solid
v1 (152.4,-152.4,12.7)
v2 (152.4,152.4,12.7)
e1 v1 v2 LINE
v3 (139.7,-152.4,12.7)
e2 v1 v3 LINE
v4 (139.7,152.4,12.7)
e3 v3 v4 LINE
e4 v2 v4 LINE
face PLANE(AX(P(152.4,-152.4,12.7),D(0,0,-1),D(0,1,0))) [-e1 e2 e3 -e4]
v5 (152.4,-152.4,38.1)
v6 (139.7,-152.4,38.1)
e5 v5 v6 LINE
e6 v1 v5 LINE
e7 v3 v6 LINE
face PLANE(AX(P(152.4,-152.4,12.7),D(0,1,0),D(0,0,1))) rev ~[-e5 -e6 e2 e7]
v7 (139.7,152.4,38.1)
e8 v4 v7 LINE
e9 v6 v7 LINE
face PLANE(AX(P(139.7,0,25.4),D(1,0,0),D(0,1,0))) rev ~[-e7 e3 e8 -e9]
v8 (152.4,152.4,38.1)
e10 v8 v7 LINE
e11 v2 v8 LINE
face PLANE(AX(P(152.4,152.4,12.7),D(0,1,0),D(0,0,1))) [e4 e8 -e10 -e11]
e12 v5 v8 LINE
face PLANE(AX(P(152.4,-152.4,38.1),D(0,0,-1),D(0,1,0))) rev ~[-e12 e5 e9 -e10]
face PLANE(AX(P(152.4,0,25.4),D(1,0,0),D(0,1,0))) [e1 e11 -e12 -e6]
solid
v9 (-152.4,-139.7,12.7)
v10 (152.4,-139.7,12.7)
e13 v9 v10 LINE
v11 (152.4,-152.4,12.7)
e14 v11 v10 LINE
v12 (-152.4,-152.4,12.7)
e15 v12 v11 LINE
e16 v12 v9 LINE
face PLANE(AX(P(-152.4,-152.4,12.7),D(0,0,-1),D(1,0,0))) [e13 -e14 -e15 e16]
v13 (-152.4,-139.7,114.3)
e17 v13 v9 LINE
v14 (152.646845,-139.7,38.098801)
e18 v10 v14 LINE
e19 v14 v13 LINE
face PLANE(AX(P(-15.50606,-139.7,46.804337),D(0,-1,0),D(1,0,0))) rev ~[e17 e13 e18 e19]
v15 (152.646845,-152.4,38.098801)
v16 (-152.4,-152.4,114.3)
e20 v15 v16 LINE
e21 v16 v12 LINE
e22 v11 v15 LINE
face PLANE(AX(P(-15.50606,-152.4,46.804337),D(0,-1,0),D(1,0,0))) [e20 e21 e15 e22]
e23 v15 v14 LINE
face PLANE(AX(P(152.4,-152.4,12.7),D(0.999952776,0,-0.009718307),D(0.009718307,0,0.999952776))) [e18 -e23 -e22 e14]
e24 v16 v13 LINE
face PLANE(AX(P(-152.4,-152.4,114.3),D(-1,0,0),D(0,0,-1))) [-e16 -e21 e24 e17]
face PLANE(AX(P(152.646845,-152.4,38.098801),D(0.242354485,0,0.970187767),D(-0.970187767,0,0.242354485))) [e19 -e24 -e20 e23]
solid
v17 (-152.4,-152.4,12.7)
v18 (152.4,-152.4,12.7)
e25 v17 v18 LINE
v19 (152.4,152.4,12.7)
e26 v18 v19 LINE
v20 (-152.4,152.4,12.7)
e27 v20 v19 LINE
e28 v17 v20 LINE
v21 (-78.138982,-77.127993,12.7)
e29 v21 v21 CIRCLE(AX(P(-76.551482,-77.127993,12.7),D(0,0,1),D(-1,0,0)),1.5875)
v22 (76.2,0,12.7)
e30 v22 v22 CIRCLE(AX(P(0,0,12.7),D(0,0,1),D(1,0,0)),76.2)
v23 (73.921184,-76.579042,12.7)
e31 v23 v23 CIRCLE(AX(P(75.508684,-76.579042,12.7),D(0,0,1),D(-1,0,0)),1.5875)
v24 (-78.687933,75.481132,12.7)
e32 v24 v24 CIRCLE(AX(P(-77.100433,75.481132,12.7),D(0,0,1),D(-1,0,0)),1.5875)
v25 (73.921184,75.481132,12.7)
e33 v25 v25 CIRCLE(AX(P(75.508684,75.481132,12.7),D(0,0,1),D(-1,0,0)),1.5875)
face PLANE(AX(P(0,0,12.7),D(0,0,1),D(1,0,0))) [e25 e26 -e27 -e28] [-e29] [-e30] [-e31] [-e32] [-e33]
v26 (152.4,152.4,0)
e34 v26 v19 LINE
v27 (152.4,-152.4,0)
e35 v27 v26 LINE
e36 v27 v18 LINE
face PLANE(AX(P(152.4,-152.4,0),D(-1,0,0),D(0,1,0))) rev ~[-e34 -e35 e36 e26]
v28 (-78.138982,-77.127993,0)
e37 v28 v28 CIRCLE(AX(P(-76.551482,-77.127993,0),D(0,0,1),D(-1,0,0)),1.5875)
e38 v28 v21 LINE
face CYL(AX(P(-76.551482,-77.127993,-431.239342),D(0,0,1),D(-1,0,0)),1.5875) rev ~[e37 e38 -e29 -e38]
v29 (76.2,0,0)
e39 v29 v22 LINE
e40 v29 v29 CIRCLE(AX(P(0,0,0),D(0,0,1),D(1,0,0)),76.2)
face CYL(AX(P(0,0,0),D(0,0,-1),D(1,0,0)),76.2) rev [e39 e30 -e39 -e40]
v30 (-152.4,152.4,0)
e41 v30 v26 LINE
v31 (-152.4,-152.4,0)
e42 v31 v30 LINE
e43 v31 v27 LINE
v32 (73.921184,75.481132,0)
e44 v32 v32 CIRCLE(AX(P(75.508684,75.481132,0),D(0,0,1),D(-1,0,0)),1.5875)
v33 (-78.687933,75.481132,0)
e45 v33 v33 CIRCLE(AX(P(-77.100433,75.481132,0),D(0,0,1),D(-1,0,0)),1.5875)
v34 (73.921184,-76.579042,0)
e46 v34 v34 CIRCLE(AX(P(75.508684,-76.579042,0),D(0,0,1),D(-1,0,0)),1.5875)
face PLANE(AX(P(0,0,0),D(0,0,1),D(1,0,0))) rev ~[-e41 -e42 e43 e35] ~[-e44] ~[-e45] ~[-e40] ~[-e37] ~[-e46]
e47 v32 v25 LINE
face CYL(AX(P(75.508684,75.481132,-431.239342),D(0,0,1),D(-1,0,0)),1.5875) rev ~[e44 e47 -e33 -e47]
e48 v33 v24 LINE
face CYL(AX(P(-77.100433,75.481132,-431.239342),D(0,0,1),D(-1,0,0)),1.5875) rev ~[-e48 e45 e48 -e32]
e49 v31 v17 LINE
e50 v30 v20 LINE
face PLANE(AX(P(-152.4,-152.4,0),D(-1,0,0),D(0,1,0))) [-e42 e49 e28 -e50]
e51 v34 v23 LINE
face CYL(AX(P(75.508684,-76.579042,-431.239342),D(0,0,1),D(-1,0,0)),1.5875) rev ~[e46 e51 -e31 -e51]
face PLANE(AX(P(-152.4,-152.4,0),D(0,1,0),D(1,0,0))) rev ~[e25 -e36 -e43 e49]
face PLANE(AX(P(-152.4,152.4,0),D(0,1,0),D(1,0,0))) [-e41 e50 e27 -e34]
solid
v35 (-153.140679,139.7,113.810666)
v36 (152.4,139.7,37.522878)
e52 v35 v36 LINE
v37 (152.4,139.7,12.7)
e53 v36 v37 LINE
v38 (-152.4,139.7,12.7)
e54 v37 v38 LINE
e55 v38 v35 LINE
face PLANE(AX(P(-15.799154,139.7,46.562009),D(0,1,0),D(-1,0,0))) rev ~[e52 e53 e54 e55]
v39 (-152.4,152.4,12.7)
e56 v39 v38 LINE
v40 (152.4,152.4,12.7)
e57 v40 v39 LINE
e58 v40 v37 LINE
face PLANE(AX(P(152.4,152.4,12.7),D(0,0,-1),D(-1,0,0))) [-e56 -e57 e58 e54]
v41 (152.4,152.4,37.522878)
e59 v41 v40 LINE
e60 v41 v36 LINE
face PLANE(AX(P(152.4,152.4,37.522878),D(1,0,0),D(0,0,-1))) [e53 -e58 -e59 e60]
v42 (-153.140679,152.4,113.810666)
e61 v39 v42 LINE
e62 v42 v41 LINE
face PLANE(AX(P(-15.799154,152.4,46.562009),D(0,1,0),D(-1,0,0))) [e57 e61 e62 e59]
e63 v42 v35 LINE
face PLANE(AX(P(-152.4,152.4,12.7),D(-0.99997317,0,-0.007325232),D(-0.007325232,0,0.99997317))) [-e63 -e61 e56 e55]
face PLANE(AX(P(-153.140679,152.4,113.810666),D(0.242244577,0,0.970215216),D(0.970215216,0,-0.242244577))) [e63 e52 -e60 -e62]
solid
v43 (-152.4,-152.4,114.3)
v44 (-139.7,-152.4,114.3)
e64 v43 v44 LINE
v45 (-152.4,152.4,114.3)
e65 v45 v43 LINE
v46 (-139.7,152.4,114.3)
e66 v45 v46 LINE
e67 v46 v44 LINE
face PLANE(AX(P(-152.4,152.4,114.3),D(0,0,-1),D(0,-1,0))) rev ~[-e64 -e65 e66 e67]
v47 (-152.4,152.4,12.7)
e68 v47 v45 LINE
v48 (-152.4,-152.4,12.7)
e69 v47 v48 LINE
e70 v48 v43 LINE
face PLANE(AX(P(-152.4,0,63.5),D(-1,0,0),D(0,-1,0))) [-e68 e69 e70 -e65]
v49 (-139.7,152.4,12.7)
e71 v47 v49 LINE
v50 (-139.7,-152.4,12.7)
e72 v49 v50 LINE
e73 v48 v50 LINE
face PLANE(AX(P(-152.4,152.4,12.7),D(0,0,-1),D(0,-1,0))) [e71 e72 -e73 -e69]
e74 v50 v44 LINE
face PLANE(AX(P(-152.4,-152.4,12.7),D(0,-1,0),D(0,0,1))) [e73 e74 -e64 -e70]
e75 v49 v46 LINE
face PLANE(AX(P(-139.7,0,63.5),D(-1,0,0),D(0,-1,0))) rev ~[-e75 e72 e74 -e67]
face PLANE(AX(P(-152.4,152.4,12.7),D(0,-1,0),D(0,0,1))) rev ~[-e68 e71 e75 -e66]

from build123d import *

# Parameters (mm, degrees)
F0_W      = 304.8
F0_H      = 304.8
F0_R      = 76.2
F1_DEPTH  = 12.7
F6_DEPTH  = 12.7
F7_DEPTH  = 12.7
F4_W      = 304.8
F4_H      = 25.4
F9_DEPTH  = 12.7
F8_W      = 304.8
F8_H      = 101.6
F10_DEPTH = 12.7
F12_D     = 3.175


with BuildPart() as f1:
    # F0 (on Top) → F1 (new body)
    with BuildSketch(Plane.XY):
        Rectangle(F0_W, F0_H)
        Circle(F0_R, mode=Mode.SUBTRACT)
    extrude(amount=F1_DEPTH)

    # F12 (through all)
    with Locations(Plane(origin=(0, 0, 0), x_dir=(1, 0, 0), z_dir=(0, 0, -1))):
        with Locations((-76.551482, 77.127993), (75.508684, 76.579042), (75.508684, -75.481132), (-77.100433, -75.481132)):
            Hole(F12_D / 2)


with BuildPart() as f6:
    # F2 (on face) → F6 (new body)
    with BuildSketch(Plane.XZ.offset(152.4)):
        Polygon((-152.4, 114.3), (-152.4, 12.7), (152.4, 12.7), (152.646845, 38.098801), align=None)
    extrude(amount=-F6_DEPTH)


with BuildPart() as f7:
    # F5 (on face) → F7 (new body)
    with BuildSketch(Plane(origin=(0, 152.4, 0), x_dir=(-1, 0, 0), z_dir=(0, 1, 0))):
        Polygon((-152.4, 37.522878), (-152.4, 12.7), (152.4, 12.7), (153.140679, 113.810666), align=None)
    extrude(amount=-F7_DEPTH)


with BuildPart() as f9:
    # F4 (on face) → F9 (new body)
    with BuildSketch(Plane.YZ.offset(152.4)):
        with Locations((0, 25.4)):
            Rectangle(F4_W, F4_H)
    extrude(amount=-F9_DEPTH)


with BuildPart() as f10:
    # F8 (on face) → F10 (new body)
    with BuildSketch(Plane(origin=(-152.4, 0, 0), x_dir=(0, -1, 0), z_dir=(-1, 0, 0))):
        with Locations((0, 63.5)):
            Rectangle(F8_W, F8_H)
    extrude(amount=-F10_DEPTH)


solid = Compound([f1.part, f6.part, f7.part, f9.part, f10.part])
